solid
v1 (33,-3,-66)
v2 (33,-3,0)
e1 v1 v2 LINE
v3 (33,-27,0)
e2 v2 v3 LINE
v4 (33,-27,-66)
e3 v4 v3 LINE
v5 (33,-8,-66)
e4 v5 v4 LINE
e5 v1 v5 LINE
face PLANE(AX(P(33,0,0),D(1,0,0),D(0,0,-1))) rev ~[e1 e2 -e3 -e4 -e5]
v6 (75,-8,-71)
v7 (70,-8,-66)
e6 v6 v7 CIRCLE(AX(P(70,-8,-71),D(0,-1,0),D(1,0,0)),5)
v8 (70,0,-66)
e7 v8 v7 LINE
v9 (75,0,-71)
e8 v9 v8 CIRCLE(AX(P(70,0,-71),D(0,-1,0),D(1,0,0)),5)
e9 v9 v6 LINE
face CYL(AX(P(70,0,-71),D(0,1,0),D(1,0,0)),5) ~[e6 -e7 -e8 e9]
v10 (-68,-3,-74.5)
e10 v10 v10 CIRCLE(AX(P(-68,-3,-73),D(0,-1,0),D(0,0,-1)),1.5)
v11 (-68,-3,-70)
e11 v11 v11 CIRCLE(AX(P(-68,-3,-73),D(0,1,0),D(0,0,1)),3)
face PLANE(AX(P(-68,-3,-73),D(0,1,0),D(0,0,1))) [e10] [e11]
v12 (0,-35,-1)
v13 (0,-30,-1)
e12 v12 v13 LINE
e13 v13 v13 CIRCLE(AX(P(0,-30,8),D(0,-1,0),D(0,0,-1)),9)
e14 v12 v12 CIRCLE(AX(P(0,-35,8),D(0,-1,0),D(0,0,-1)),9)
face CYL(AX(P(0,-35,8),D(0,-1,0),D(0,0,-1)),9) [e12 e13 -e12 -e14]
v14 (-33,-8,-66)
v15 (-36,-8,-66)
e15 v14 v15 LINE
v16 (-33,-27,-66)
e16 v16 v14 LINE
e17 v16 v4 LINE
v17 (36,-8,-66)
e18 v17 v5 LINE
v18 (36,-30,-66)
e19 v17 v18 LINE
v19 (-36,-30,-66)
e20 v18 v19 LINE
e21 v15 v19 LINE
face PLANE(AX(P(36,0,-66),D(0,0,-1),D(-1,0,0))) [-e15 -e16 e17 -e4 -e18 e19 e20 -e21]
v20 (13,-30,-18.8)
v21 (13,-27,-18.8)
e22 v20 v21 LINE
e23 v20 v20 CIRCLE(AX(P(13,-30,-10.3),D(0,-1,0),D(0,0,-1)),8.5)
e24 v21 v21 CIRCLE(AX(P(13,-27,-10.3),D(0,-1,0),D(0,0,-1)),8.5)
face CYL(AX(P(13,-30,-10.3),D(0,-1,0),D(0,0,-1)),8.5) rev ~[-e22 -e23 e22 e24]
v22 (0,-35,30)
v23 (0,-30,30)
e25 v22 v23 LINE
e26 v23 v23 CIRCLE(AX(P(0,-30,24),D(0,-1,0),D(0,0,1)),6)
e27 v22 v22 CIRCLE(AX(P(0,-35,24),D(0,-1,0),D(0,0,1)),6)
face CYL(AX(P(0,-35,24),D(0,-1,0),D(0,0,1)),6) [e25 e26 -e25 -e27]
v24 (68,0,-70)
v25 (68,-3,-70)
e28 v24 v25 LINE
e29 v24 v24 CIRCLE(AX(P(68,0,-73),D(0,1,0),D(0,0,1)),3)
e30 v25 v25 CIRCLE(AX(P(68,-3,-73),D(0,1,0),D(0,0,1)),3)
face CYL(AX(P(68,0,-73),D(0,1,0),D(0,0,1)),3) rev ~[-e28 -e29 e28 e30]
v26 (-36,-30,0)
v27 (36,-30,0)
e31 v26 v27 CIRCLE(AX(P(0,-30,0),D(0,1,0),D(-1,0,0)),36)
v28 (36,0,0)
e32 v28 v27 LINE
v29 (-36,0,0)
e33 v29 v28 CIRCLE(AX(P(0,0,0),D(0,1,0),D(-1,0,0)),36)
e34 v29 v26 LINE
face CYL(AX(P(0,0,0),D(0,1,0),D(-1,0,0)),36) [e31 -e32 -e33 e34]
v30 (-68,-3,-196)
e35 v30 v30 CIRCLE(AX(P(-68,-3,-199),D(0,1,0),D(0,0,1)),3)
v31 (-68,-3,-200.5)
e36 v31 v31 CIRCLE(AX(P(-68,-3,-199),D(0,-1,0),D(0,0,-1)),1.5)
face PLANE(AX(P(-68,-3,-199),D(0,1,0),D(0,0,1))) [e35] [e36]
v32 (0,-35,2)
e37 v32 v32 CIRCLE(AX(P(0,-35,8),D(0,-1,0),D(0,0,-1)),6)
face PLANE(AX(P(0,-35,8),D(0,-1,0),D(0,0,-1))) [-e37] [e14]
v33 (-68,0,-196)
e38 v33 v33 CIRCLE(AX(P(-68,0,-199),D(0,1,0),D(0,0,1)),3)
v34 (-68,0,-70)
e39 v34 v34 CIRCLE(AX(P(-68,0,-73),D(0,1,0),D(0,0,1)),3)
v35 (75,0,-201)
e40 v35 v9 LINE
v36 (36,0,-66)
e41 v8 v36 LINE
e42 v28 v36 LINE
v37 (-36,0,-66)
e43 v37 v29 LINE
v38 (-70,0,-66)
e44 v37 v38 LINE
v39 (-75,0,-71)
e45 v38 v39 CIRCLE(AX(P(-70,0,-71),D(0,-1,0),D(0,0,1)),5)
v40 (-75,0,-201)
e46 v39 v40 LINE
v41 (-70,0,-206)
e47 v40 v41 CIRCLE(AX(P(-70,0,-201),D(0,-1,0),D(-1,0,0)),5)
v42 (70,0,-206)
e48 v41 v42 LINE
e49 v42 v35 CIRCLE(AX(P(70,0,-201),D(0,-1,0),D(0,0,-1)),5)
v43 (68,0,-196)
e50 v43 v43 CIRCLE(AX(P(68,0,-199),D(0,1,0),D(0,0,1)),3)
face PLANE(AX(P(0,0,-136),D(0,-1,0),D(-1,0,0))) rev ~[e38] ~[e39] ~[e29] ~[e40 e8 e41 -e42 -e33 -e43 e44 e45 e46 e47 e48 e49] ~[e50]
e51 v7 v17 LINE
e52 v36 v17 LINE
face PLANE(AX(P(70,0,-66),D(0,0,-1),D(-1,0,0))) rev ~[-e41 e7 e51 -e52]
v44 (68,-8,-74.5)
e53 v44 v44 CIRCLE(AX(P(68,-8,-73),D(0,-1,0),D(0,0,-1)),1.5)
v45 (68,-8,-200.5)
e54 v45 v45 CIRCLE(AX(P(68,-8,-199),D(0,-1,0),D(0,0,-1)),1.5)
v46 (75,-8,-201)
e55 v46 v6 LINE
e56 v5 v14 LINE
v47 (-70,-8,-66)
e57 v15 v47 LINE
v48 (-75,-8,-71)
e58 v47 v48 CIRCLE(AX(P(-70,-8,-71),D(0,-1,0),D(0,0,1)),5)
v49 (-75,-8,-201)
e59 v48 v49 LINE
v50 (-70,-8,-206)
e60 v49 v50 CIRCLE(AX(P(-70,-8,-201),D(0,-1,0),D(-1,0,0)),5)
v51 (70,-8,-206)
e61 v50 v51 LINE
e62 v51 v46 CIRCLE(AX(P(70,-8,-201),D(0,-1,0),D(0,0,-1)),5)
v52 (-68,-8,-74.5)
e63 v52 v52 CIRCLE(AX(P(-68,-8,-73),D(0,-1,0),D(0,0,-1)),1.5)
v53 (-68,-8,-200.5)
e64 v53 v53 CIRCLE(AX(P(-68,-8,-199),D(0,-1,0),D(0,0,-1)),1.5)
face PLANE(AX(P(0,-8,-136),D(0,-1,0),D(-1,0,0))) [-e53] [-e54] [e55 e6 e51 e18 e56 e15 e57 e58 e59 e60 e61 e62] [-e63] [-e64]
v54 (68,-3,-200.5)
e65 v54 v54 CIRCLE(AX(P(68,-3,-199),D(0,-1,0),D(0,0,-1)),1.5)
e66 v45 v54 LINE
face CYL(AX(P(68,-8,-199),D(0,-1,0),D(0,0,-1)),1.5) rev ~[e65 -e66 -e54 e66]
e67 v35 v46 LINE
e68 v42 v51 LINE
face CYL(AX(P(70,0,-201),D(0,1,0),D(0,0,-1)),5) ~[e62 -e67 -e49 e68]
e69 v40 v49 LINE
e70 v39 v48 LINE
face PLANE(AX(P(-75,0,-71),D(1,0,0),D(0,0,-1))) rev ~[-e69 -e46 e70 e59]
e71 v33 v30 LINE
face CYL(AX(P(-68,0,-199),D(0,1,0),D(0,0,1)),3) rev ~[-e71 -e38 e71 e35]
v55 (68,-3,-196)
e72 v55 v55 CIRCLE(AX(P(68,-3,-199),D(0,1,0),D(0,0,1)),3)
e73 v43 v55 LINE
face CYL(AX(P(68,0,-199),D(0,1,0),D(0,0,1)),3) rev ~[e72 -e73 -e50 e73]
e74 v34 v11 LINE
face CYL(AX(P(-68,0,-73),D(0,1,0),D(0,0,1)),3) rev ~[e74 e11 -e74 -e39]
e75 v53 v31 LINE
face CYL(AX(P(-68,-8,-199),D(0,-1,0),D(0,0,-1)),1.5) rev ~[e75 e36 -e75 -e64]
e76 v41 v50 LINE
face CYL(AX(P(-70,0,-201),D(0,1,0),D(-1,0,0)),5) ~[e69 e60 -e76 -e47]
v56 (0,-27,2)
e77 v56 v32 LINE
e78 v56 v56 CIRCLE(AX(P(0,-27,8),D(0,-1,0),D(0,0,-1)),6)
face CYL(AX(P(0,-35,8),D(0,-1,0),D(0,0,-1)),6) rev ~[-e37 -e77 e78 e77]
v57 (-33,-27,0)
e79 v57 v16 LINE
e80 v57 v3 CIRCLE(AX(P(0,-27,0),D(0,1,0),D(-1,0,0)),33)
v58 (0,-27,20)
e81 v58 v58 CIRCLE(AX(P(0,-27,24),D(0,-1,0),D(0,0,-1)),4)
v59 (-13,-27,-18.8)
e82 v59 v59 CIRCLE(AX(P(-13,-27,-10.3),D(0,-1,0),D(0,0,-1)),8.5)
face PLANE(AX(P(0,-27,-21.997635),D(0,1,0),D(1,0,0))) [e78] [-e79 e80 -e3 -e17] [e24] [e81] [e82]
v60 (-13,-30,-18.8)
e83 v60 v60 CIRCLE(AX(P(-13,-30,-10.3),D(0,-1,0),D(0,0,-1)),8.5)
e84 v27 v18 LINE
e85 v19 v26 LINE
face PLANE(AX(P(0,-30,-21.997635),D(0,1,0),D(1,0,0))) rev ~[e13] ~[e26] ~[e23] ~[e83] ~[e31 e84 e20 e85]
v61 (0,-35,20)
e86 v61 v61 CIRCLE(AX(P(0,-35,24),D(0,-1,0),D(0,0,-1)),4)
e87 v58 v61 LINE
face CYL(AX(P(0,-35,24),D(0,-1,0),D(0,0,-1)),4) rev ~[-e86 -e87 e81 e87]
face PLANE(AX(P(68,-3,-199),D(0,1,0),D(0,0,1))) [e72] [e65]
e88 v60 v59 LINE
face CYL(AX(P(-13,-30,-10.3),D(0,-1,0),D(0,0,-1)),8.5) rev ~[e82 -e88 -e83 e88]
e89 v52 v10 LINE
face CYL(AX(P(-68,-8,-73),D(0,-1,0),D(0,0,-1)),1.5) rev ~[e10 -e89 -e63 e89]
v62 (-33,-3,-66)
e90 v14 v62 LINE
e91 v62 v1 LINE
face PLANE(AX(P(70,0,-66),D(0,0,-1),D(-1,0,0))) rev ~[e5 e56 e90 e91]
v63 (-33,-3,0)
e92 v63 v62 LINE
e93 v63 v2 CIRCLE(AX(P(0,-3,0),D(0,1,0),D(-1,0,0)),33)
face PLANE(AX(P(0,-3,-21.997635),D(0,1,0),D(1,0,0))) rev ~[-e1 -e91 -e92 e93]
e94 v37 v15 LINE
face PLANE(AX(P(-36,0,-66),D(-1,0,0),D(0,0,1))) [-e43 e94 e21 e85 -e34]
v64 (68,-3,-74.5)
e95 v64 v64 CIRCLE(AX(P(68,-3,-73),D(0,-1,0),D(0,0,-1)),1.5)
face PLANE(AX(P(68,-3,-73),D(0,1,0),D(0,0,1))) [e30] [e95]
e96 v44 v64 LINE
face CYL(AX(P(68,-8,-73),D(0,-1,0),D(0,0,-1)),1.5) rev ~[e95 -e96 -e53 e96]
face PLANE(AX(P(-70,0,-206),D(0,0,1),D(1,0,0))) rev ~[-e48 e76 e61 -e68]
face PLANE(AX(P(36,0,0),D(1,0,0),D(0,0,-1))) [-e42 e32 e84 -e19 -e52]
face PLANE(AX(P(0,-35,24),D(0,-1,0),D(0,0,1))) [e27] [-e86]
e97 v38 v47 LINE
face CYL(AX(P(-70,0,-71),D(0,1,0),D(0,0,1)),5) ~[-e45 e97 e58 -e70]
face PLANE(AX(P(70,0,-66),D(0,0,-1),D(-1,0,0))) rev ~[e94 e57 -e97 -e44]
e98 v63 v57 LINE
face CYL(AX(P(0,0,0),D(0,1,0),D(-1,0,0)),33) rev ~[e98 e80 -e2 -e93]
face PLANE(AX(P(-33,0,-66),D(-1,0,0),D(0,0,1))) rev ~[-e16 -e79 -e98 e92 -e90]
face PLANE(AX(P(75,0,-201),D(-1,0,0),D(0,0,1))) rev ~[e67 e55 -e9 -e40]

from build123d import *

# Parameters (mm, degrees)
BOSS_EXTRUDE1_DEPTH = 30
SHELL1_T            = -3
BOSS_EXTRUDE2_DEPTH = 8
SKETCH2_R           = 8.5
CUT_EXTRUDE1_DEPTH  = 6.5
SKETCH5_R           = 6
CUT_EXTRUDE4_DEPTH  = 13
BOSS_EXTRUDE3_START = 5
SKETCH6_R           = 9
SKETCH6_R_2         = 6
BOSS_EXTRUDE3_DEPTH = 5
SKETCH7_R           = 4
CUT_EXTRUDE5_DEPTH  = 7
BOSS_EXTRUDE4_START = 5
SKETCH7_3_R         = 6
SKETCH7_3_R_2       = 4
BOSS_EXTRUDE4_DEPTH = 5
SKETCH8_R           = 1.5
CUT_EXTRUDE6_DEPTH  = 221.884585248
SKETCH9_R           = 3
CUT_EXTRUDE7_DEPTH  = 3


with BuildPart() as part:
    # Sketch1 → Boss-Extrude1 (new body)
    with BuildSketch(Plane(origin=(0, 0, 0), x_dir=(1, 0, 0), z_dir=(0, 1, 0))):
        with BuildLine():
            ThreePointArc((-36, 0), (0, -36), (36, 0))
            Line((36, 0), (36, 66))
            Line((36, 66), (-36, 66))
            Line((-36, 66), (-36, 0))
        make_face()
    extrude(amount=-BOSS_EXTRUDE1_DEPTH)

    # Shell1
    shell1_openings = [part.faces().sort_by_distance(p)[0] for p in [
        (0, -15, -66),
    ]]
    offset(amount=SHELL1_T, openings=shell1_openings, kind=Kind.INTERSECTION)

    # Sketch1<3> → Boss-Extrude2 (add)
    with BuildSketch(Plane(origin=(0, 0, 0), x_dir=(1, 0, 0), z_dir=(0, 1, 0))):
        with BuildLine():
            Line((-36, 66), (36, 66))
            Line((36, 66), (70, 66))
            ThreePointArc((70, 66), (73.535533906, 67.464466094), (75, 71))
            Line((75, 71), (75, 201))
            ThreePointArc((75, 201), (73.535533906, 204.535533906), (70, 206))
            Line((70, 206), (-70, 206))
            ThreePointArc((-70, 206), (-73.535533906, 204.535533906), (-75, 201))
            Line((-75, 201), (-75, 71))
            ThreePointArc((-75, 71), (-73.535533906, 67.464466094), (-70, 66))
            Line((-70, 66), (-36, 66))
        make_face()
    extrude(amount=-BOSS_EXTRUDE2_DEPTH)

    # Sketch2 → Cut-Extrude1 (cut)
    with BuildSketch(Plane.XZ.offset(30)):
        with Locations((13, -10.3)):
            Circle(SKETCH2_R)
        with Locations((-13, -10.3)):
            Circle(SKETCH2_R)
    extrude(amount=-CUT_EXTRUDE1_DEPTH, mode=Mode.SUBTRACT)

    # Sketch5 → Cut-Extrude4 (cut)
    with BuildSketch(Plane.XZ.offset(30)):
        with Locations((0, 8)):
            Circle(SKETCH5_R)
    extrude(amount=-CUT_EXTRUDE4_DEPTH, mode=Mode.SUBTRACT)

    # Sketch6 → Boss-Extrude3 (add)
    with BuildSketch(Plane.XZ.offset(30).offset(BOSS_EXTRUDE3_START)):
        with Locations((0, 8)):
            Circle(SKETCH6_R)
        with Locations((0, 8)):
            Circle(SKETCH6_R_2, mode=Mode.SUBTRACT)
    extrude(amount=-BOSS_EXTRUDE3_DEPTH)

    # Sketch7 → Cut-Extrude5 (cut)
    with BuildSketch(Plane.XZ.offset(30)):
        with Locations((0, 24)):
            Circle(SKETCH7_R)
    extrude(amount=-CUT_EXTRUDE5_DEPTH, mode=Mode.SUBTRACT)

    # Sketch7<3> → Boss-Extrude4 (add)
    with BuildSketch(Plane.XZ.offset(30).offset(BOSS_EXTRUDE4_START)):
        with Locations((0, 24)):
            Circle(SKETCH7_3_R)
        with Locations((0, 24)):
            Circle(SKETCH7_3_R_2, mode=Mode.SUBTRACT)
    extrude(amount=-BOSS_EXTRUDE4_DEPTH)

    # Sketch8 → Cut-Extrude6 (cut, through all)
    with BuildSketch(Plane.XZ.offset(8)):
        with Locations((68, -73)):
            Circle(SKETCH8_R)
        with Locations((68, -199)):
            Circle(SKETCH8_R)
        with Locations((-68, -199)):
            Circle(SKETCH8_R)
        with Locations((-68, -73)):
            Circle(SKETCH8_R)
    extrude(amount=-CUT_EXTRUDE6_DEPTH, mode=Mode.SUBTRACT)

    # Sketch9 → Cut-Extrude7 (cut)
    with BuildSketch(Plane(origin=(0, 0, 0), x_dir=(1, 0, 0), z_dir=(0, 1, 0))):
        with Locations((-68, 73)):
            Circle(SKETCH9_R)
        with Locations((-68, 199)):
            Circle(SKETCH9_R)
        with Locations((68, 199)):
            Circle(SKETCH9_R)
        with Locations((68, 73)):
            Circle(SKETCH9_R)
    extrude(amount=-CUT_EXTRUDE7_DEPTH, mode=Mode.SUBTRACT)


solid = part.part
